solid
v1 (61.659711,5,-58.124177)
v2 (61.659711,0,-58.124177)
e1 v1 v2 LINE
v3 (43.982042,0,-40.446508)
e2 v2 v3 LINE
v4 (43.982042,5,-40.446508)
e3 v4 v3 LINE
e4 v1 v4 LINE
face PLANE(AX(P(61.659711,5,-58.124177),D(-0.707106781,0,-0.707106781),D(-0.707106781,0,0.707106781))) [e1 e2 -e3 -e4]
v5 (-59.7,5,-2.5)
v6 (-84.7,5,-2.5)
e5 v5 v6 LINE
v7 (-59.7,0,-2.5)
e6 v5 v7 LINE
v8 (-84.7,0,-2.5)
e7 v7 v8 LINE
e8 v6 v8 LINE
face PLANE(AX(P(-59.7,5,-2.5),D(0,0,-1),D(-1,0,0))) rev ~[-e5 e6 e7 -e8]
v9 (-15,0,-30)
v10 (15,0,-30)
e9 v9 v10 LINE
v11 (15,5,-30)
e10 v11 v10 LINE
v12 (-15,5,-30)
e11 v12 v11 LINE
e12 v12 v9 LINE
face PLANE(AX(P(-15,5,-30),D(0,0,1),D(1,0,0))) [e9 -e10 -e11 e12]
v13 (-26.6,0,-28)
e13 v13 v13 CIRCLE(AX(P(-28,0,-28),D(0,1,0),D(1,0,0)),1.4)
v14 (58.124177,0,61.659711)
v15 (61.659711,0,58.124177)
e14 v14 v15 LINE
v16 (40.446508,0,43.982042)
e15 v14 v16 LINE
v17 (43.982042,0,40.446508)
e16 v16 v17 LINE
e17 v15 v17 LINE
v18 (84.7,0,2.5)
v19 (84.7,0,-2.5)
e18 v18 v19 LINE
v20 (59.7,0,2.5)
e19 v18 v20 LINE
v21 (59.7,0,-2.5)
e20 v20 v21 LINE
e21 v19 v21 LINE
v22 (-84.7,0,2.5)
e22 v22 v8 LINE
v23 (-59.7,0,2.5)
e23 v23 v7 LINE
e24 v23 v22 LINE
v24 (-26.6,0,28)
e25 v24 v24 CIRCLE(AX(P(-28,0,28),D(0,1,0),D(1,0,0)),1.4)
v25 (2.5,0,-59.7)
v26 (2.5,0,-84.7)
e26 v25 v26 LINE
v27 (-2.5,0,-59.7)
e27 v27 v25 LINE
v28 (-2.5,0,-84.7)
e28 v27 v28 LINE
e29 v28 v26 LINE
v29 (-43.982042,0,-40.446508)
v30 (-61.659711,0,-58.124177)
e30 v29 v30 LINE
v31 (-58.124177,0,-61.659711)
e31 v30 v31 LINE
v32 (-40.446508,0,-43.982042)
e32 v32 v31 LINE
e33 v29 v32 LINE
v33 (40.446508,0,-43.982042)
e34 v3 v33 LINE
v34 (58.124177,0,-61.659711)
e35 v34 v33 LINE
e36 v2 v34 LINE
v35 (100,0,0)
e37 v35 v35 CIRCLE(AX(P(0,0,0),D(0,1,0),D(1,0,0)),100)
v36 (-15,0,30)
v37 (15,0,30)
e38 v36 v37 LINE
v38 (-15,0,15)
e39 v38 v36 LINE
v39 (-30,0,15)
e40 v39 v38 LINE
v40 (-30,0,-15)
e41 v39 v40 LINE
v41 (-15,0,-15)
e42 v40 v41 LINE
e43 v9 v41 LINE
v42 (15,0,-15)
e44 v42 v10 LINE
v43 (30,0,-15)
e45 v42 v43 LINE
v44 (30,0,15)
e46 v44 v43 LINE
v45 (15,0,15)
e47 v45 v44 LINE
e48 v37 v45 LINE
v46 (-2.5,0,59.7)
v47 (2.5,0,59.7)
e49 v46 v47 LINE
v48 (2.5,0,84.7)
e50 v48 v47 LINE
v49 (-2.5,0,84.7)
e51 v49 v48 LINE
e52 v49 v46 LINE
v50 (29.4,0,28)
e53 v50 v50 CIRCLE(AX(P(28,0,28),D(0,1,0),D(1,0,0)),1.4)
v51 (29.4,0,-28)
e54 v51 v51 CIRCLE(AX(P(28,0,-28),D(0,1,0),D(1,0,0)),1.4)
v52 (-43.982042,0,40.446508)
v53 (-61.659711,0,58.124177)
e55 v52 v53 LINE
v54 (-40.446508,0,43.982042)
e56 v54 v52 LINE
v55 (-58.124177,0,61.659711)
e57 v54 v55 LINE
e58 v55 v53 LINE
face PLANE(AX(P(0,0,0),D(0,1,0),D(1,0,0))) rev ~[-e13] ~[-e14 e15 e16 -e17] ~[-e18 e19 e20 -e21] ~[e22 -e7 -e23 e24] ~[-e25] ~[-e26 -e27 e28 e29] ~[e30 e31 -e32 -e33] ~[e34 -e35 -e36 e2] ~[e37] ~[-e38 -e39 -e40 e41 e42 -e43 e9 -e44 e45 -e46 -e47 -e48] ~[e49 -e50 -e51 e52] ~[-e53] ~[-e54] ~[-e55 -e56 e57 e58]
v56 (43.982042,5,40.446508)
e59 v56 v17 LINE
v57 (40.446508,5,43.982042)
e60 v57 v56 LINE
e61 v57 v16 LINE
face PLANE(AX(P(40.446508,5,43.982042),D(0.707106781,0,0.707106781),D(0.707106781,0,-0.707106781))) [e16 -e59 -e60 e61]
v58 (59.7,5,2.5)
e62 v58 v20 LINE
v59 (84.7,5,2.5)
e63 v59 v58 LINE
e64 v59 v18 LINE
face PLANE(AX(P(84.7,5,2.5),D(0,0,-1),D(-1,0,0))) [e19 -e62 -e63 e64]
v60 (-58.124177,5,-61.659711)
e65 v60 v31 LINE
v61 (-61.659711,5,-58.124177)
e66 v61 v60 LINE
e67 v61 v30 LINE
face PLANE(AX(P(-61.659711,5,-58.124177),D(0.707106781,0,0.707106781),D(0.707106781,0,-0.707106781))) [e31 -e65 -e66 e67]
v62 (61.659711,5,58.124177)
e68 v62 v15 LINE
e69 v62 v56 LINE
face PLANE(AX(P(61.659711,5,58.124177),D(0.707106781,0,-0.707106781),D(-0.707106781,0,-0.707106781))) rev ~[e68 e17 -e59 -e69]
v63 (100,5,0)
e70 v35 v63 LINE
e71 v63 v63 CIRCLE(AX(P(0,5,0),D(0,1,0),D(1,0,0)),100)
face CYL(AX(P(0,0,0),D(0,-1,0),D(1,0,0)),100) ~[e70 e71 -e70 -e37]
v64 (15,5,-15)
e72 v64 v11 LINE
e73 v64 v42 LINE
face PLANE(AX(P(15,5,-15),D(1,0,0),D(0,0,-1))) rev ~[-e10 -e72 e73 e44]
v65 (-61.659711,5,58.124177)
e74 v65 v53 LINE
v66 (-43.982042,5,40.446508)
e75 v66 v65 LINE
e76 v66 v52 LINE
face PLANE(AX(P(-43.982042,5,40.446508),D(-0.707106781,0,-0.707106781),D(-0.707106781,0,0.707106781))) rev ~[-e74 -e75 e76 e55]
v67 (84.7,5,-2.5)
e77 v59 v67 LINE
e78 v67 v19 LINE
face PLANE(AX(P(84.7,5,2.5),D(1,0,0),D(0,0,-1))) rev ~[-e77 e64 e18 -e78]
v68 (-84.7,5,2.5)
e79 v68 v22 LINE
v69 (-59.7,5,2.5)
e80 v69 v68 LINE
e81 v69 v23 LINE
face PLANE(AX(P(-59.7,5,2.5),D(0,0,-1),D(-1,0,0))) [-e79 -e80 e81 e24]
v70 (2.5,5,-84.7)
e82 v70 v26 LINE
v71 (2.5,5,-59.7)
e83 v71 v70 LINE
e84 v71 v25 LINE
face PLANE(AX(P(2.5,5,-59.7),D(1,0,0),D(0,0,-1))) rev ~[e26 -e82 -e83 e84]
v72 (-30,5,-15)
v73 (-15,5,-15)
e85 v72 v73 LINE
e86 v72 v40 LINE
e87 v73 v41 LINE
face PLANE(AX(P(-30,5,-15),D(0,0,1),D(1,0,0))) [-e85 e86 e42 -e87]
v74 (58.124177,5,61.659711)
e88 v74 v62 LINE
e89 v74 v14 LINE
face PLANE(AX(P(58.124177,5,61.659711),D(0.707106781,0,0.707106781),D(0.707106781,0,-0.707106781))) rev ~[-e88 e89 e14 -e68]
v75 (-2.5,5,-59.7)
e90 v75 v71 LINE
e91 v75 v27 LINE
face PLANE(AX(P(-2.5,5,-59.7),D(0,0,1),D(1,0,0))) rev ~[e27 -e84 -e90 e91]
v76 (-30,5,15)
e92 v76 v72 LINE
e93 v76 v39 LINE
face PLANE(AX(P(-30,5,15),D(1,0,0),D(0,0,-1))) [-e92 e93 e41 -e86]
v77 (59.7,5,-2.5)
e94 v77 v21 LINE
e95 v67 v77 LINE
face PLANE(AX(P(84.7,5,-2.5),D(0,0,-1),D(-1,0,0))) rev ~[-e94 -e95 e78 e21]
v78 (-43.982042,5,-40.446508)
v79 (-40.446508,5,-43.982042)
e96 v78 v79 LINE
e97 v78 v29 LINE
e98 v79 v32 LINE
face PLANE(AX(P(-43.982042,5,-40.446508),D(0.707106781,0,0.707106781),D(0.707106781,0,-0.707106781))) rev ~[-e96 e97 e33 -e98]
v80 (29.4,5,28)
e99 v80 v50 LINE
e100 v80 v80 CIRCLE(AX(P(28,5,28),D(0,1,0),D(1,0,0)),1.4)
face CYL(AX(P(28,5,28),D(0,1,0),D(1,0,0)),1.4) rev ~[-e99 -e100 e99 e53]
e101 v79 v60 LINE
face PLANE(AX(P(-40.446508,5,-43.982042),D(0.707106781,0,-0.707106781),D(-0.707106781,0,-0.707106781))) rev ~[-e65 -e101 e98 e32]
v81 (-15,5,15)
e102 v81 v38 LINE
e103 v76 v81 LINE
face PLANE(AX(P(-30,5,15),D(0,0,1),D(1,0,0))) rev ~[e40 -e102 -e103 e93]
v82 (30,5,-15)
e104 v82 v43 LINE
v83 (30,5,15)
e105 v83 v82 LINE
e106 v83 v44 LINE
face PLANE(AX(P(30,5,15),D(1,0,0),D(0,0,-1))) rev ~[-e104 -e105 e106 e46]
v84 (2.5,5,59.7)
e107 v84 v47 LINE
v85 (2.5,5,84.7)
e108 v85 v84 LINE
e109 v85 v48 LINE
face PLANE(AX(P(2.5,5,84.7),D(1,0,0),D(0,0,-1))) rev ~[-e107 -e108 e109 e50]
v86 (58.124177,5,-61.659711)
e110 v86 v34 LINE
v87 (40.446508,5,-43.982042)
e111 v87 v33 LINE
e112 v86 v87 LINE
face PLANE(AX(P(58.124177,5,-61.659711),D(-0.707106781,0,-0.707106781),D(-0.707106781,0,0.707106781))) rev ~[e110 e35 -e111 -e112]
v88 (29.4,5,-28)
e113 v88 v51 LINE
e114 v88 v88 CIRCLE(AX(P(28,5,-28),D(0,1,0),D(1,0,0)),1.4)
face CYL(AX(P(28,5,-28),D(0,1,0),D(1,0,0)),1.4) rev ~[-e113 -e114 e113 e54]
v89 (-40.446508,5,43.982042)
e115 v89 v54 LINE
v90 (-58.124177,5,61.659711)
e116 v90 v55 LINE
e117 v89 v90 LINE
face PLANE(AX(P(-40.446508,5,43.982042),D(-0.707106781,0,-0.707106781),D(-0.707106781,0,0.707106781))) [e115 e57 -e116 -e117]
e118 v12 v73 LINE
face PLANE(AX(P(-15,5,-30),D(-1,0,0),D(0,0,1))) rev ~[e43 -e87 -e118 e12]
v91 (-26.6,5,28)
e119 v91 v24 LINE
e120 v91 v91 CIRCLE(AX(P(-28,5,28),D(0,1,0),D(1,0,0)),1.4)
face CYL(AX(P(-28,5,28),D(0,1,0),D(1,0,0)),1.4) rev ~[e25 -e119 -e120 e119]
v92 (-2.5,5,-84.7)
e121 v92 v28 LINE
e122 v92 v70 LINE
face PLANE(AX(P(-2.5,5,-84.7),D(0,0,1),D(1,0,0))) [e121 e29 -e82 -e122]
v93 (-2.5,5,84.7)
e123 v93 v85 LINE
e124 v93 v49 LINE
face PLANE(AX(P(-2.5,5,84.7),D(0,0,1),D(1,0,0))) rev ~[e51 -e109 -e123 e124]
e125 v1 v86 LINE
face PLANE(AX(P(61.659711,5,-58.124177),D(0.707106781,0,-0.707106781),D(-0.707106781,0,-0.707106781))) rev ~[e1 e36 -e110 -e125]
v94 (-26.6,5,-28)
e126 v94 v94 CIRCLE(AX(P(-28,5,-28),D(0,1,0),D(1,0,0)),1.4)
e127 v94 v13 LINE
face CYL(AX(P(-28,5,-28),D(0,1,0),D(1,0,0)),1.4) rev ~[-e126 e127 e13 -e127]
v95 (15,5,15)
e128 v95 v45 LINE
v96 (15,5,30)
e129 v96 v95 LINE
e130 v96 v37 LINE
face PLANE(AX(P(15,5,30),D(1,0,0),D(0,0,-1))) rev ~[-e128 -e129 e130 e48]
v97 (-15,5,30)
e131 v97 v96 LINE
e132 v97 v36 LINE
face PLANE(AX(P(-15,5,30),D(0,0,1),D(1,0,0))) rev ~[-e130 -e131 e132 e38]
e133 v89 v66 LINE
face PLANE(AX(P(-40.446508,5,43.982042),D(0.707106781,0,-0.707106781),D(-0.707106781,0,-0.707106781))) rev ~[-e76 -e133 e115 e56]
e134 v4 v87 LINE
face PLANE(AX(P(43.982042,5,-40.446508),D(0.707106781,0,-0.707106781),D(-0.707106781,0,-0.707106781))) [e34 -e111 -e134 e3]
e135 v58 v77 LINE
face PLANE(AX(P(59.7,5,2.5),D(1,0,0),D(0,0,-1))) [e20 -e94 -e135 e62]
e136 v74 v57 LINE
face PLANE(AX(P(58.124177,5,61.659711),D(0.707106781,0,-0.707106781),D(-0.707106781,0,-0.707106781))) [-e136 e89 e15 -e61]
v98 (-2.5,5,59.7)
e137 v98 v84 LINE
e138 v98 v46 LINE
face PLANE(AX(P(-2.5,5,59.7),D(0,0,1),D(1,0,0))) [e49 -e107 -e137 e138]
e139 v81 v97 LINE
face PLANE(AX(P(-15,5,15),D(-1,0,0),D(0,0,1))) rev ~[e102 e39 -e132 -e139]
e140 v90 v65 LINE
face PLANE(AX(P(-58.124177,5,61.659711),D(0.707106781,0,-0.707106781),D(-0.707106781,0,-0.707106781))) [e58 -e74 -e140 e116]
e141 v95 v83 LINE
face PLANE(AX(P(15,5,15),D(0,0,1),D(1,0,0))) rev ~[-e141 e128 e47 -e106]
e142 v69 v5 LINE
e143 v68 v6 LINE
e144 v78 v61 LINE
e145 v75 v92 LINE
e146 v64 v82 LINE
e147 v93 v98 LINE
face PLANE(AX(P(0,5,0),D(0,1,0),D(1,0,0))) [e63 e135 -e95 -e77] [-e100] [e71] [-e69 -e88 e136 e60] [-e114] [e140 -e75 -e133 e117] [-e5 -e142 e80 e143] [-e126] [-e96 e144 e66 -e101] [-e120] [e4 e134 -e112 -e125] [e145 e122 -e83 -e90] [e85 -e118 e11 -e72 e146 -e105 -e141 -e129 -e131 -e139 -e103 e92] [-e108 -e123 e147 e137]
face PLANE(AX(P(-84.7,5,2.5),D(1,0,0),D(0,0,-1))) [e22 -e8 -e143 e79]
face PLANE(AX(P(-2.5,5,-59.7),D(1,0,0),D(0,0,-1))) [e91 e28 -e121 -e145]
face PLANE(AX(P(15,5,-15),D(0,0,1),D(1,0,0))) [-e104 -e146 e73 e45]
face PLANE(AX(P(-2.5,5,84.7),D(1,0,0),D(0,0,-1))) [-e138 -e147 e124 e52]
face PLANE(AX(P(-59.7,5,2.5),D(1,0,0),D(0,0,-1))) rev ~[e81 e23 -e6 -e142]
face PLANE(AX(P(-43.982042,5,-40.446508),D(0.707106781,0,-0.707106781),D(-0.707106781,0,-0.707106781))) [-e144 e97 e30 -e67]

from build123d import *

# Parameters (mm, degrees)
SKETCH_1_R               = 100
EXTRUDE_1_DEPTH          = 5
SKETCH_2_R               = 1.4
CUT_EXTRUDE_1_DEPTH      = 5
SKETCH_4_W               = 5
SKETCH_4_H               = 25
CUT_EXTRUDE_2_DEPTH      = 5
PATTERN_CIRCULAR_2_COUNT = 4
PATTERN_CIRCULAR_2_ANGLE = 135
SKETCH_5_W               = 30
SKETCH_5_H               = 30
SKETCH_5_H_2             = 15
SKETCH_5_W_2             = 15
CUT_EXTRUDE_3_DEPTH      = 5


with BuildPart() as part:
    # 草图1 → 凸台-拉伸1 (new body)
    with BuildSketch(Plane(origin=(0, 0, 0), x_dir=(1, 0, 0), z_dir=(0, 1, 0))):
        Circle(SKETCH_1_R)
    extrude(amount=EXTRUDE_1_DEPTH)

    # 草图2 → 切除-拉伸1 (cut)
    with BuildSketch(Plane(origin=(0, 5, 0), x_dir=(1, 0, 0), z_dir=(0, 1, 0))):
        with Locations((28, 28)):
            Circle(SKETCH_2_R)
        with Locations((28, -28)):
            Circle(SKETCH_2_R)
        with Locations((-28, -28)):
            Circle(SKETCH_2_R)
        with Locations((-28, 28)):
            Circle(SKETCH_2_R)
    extrude(amount=-CUT_EXTRUDE_1_DEPTH, mode=Mode.SUBTRACT)

    # 草图4 → 切除-拉伸2 (cut)
    with BuildSketch(Plane(origin=(0, 5, 0), x_dir=(1, 0, 0), z_dir=(0, 1, 0))):
        with Locations((0, 72.2)):
            Rectangle(SKETCH_4_W, SKETCH_4_H)
        with Locations((0, -72.2)):
            Rectangle(SKETCH_4_W, SKETCH_4_H)
    cut_extrude_2 = extrude(amount=-CUT_EXTRUDE_2_DEPTH, mode=Mode.SUBTRACT)

    # 阵列(圆周)2: 切除-拉伸2 ×4 about axis
    pattern_circular_2_axis = Axis((0, 0, 0), (0, 1, 0))
    for i in range(1, PATTERN_CIRCULAR_2_COUNT):
        add(cut_extrude_2.rotate(pattern_circular_2_axis, i * PATTERN_CIRCULAR_2_ANGLE / (PATTERN_CIRCULAR_2_COUNT - 1)), mode=Mode.SUBTRACT)

    # 草图5 → 切除-拉伸3 (cut)
    with BuildSketch(Plane(origin=(0, 5, 0), x_dir=(1, 0, 0), z_dir=(0, 1, 0))):
        Rectangle(SKETCH_5_W, SKETCH_5_H)
        with Locations((0, 22.5)):
            Rectangle(SKETCH_5_W, SKETCH_5_H_2)
        with Locations((22.5, 0)):
            Rectangle(SKETCH_5_W_2, SKETCH_5_H)
        with Locations((0, -22.5)):
            Rectangle(SKETCH_5_W, SKETCH_5_H_2)
        with Locations((-22.5, 0)):
            Rectangle(SKETCH_5_W_2, SKETCH_5_H)
    extrude(amount=-CUT_EXTRUDE_3_DEPTH, mode=Mode.SUBTRACT)


solid = part.part
